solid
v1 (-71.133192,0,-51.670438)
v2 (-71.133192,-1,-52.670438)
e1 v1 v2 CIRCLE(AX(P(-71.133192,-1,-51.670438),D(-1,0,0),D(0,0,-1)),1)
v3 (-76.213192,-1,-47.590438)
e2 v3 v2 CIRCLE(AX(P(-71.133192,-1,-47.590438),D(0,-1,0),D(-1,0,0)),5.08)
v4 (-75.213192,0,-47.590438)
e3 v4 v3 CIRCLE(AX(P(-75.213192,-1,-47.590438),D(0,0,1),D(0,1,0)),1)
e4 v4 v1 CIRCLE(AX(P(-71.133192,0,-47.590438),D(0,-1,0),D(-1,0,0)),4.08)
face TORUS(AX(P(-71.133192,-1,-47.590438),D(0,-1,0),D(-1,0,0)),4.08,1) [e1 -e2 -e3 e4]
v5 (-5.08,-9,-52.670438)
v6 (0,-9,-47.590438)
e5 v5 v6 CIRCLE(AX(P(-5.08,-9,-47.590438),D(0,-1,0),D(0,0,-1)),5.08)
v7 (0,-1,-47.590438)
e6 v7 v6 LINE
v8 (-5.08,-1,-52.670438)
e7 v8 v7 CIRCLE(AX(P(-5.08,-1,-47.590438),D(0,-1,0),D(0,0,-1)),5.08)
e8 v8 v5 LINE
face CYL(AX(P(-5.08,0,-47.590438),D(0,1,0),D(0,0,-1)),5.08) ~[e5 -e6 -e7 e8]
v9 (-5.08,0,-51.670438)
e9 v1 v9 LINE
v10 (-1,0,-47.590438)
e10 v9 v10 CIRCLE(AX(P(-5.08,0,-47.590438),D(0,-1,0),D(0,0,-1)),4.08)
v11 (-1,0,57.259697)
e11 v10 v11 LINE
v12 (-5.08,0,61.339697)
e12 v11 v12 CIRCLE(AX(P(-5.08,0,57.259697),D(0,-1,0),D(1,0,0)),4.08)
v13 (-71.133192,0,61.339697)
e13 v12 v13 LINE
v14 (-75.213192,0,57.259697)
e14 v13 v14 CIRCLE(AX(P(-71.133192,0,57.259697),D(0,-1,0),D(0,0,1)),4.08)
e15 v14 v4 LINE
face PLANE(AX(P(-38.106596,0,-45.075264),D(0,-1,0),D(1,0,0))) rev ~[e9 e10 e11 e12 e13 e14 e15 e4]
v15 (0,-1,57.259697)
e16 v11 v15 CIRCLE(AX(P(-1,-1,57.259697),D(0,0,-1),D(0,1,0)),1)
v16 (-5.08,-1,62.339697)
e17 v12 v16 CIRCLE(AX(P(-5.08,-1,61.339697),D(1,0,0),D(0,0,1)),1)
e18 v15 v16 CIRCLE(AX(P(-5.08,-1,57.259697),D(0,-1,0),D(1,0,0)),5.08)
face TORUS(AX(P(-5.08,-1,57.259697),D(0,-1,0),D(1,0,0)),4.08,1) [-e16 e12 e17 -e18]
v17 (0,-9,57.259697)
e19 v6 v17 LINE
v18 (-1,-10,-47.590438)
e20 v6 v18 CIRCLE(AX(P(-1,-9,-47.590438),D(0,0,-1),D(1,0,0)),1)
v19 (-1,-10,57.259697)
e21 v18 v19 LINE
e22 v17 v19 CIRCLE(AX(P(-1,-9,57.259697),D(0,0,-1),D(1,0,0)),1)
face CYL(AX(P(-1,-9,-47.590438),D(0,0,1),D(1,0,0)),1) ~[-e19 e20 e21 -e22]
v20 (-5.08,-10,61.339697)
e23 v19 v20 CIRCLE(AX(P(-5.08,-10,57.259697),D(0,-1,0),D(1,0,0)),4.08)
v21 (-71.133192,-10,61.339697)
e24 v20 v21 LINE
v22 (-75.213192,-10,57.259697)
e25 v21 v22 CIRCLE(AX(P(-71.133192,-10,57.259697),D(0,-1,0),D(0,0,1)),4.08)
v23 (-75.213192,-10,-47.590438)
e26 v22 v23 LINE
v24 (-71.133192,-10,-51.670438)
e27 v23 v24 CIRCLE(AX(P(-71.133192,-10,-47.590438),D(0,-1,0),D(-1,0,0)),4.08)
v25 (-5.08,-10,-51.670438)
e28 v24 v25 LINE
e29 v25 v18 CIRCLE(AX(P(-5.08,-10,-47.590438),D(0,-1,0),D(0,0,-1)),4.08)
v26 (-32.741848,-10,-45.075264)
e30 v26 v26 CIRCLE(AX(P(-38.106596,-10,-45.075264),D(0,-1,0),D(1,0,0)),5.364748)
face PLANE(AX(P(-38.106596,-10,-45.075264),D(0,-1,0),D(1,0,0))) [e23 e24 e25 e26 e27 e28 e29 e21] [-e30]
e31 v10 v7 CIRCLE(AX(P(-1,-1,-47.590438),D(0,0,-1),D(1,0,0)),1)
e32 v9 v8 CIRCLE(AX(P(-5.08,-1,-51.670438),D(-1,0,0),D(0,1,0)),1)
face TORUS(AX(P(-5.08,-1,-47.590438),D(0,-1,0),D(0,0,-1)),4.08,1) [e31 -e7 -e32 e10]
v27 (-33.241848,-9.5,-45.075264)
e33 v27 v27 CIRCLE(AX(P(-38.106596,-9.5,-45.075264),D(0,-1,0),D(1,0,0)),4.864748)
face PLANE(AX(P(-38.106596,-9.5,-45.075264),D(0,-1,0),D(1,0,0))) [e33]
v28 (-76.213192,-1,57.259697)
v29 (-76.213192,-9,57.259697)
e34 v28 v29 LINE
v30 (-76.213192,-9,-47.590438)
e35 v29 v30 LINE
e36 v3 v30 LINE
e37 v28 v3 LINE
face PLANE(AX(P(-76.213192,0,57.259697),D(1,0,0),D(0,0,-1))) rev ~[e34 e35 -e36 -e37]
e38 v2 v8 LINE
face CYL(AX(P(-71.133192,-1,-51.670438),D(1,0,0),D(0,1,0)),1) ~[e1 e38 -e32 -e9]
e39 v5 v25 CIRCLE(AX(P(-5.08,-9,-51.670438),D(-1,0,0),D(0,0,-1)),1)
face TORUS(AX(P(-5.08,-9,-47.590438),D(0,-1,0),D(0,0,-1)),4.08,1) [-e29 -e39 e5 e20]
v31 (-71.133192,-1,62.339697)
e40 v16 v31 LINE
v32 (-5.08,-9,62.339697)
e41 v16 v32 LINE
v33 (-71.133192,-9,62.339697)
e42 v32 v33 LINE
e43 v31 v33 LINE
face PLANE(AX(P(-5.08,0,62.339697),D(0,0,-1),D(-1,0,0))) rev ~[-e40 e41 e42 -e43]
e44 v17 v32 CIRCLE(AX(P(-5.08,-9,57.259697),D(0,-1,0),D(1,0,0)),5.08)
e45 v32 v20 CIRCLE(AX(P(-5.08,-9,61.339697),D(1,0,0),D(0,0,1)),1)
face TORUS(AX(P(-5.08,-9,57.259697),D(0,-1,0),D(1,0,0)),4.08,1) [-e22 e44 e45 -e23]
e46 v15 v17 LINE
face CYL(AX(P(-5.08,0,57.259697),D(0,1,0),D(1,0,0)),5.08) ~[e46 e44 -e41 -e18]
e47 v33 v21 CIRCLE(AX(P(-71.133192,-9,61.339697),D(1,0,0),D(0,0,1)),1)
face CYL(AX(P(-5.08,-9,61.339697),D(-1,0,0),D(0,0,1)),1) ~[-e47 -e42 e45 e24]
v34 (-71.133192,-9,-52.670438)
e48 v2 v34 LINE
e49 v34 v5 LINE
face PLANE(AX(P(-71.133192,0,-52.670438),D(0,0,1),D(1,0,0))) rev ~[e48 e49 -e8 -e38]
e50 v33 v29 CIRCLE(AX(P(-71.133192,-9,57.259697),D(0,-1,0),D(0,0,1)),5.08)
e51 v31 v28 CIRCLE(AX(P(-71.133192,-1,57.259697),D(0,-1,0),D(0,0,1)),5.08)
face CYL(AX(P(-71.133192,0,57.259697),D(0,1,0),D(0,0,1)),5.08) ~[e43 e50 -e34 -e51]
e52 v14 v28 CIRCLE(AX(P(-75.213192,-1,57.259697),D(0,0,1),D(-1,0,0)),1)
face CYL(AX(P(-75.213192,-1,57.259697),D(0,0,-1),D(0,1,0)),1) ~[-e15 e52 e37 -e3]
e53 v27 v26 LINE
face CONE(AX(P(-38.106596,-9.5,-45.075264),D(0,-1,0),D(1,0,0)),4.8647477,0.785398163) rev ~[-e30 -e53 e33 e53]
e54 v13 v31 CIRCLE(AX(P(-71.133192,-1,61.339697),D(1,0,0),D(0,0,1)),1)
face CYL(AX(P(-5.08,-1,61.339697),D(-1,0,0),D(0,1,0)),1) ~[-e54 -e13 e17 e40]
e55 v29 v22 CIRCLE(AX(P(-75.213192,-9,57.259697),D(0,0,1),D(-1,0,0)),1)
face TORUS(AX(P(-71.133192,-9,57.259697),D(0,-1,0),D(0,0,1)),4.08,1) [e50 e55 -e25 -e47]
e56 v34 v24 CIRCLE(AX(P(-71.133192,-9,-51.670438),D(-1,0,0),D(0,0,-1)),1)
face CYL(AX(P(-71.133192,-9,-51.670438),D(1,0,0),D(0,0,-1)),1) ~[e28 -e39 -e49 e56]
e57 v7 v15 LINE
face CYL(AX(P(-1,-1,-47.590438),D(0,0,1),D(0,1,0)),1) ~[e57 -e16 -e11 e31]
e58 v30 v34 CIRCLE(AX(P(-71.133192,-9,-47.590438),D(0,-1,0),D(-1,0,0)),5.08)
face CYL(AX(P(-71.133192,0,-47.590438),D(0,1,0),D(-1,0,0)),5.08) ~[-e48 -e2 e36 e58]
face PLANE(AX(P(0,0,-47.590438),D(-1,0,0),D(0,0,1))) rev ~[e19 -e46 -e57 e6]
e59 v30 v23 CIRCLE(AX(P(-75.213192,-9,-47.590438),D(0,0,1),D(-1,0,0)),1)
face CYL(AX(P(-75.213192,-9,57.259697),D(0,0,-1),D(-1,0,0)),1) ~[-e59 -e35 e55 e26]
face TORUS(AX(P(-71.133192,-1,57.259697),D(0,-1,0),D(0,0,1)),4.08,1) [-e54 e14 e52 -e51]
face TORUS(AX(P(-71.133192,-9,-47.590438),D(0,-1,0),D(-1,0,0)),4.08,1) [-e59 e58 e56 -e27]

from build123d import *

# Parameters (mm, degrees)
F0_R     = 5.4921588255
F1_DEPTH = 10
F0_R_2   = 4.8647477
F2_DEPTH = 10
F3_SIZE  = 0.5
F4_DEPTH = 9.5
F5_R     = 1


with BuildPart() as f1:
    # F0 (on Front) → F1 (new body)
    with BuildSketch(Plane.XZ):
        with BuildLine():
            Line((-5.08, 62.3396973443), (-71.1331922889, 62.3396973443))
            ThreePointArc((-71.1331922889, 62.3396973443), (-74.7252947373, 60.8517997927), (-76.2131922889, 57.2596973443))
            Line((-76.2131922889, 57.2596973443), (-76.2131922889, -47.5904377484))
            ThreePointArc((-76.2131922889, -47.5904377484), (-74.7252947373, -51.1825401969), (-71.1331922889, -52.6704377484))
            Line((-71.1331922889, -52.6704377484), (-5.08, -52.6704377484))
            ThreePointArc((-5.08, -52.6704377484), (-1.4878975516, -51.1825401969), (0, -47.5904377484))
            Line((0, -47.5904377484), (0, 57.2596973443))
            ThreePointArc((0, 57.2596973443), (-1.4878975516, 60.8517997927), (-5.08, 62.3396973443))
        make_face()
        with Locations((-38.1065961444, -45.075263828)):
            Circle(F0_R, mode=Mode.SUBTRACT)
        with BuildLine():
            ThreePointArc((-68.5931922889, 44.5596973443), (-67.8492435131, 46.3557485685), (-66.0531922889, 47.0996973443))
            Line((-66.0531922889, 47.0996973443), (-10.16, 47.0996973443))
            ThreePointArc((-10.16, 47.0996973443), (-8.3639487758, 46.3557485685), (-7.62, 44.5596973443))
            Line((-7.62, 44.5596973443), (-7.62, -34.8904377484))
            ThreePointArc((-7.62, -34.8904377484), (-8.3639487758, -36.6864889726), (-10.16, -37.4304377484))
            Line((-10.16, -37.4304377484), (-66.0531922889, -37.4304377484))
            ThreePointArc((-66.0531922889, -37.4304377484), (-67.8492435131, -36.6864889726), (-68.5931922889, -34.8904377484))
            Line((-68.5931922889, -34.8904377484), (-68.5931922889, 44.5596973443))
        make_face(mode=Mode.SUBTRACT)
        with BuildLine():
            Line((-10.16, 47.0996973443), (-66.0531922889, 47.0996973443))
            ThreePointArc((-66.0531922889, 47.0996973443), (-67.8492435131, 46.3557485685), (-68.5931922889, 44.5596973443))
            Line((-68.5931922889, 44.5596973443), (-68.5931922889, -34.8904377484))
            ThreePointArc((-68.5931922889, -34.8904377484), (-67.8492435131, -36.6864889726), (-66.0531922889, -37.4304377484))
            Line((-66.0531922889, -37.4304377484), (-10.16, -37.4304377484))
            ThreePointArc((-10.16, -37.4304377484), (-8.3639487758, -36.6864889726), (-7.62, -34.8904377484))
            Line((-7.62, -34.8904377484), (-7.62, 44.5596973443))
            ThreePointArc((-7.62, 44.5596973443), (-8.3639487758, 46.3557485685), (-10.16, 47.0996973443))
        make_face()
    extrude(amount=F1_DEPTH)

    # F0 (on Front) → F2 (join)
    with BuildSketch(Plane.XZ):
        with Locations((-38.1065961444, -45.075263828)):
            Circle(F0_R)
        with Locations((-38.1065961444, -45.075263828)):
            Circle(F0_R_2, mode=Mode.SUBTRACT)
    extrude(amount=F2_DEPTH)

    # F3
    f3_edges = [f1.edges().sort_by_distance(p)[0] for p in [
        (-42.971344, -10, -45.075264),
    ]]
    chamfer(f3_edges, length=F3_SIZE)

    # F0 (on Front) → F4 (join)
    with BuildSketch(Plane.XZ):
        with Locations((-38.1065961444, -45.075263828)):
            Circle(F0_R_2)
    extrude(amount=F4_DEPTH)

    # F5
    f5_edges = [f1.edges().sort_by_distance(p)[0] for p in [
        (-76.213192, -10, 4.83463),
        (-74.725295, 0, 60.8518),
        (-76.213192, -5, 57.259697),
        (-76.213192, -5, -47.590438),
        (-76.213192, 0, 4.83463),
        (-71.133192, -5, 62.339697),
        (-71.133192, -5, -52.670438),
        (-74.725295, 0, -51.18254),
        (-38.106596, 0, -52.670438),
        (-38.106596, -10, -52.670438),
        (0, -5, -47.590438),
        (-5.08, -5, -52.670438),
        (0, -10, 4.83463),
        (0, 0, 4.83463),
    ]]
    fillet(f5_edges, radius=F5_R)


solid = f1.part
